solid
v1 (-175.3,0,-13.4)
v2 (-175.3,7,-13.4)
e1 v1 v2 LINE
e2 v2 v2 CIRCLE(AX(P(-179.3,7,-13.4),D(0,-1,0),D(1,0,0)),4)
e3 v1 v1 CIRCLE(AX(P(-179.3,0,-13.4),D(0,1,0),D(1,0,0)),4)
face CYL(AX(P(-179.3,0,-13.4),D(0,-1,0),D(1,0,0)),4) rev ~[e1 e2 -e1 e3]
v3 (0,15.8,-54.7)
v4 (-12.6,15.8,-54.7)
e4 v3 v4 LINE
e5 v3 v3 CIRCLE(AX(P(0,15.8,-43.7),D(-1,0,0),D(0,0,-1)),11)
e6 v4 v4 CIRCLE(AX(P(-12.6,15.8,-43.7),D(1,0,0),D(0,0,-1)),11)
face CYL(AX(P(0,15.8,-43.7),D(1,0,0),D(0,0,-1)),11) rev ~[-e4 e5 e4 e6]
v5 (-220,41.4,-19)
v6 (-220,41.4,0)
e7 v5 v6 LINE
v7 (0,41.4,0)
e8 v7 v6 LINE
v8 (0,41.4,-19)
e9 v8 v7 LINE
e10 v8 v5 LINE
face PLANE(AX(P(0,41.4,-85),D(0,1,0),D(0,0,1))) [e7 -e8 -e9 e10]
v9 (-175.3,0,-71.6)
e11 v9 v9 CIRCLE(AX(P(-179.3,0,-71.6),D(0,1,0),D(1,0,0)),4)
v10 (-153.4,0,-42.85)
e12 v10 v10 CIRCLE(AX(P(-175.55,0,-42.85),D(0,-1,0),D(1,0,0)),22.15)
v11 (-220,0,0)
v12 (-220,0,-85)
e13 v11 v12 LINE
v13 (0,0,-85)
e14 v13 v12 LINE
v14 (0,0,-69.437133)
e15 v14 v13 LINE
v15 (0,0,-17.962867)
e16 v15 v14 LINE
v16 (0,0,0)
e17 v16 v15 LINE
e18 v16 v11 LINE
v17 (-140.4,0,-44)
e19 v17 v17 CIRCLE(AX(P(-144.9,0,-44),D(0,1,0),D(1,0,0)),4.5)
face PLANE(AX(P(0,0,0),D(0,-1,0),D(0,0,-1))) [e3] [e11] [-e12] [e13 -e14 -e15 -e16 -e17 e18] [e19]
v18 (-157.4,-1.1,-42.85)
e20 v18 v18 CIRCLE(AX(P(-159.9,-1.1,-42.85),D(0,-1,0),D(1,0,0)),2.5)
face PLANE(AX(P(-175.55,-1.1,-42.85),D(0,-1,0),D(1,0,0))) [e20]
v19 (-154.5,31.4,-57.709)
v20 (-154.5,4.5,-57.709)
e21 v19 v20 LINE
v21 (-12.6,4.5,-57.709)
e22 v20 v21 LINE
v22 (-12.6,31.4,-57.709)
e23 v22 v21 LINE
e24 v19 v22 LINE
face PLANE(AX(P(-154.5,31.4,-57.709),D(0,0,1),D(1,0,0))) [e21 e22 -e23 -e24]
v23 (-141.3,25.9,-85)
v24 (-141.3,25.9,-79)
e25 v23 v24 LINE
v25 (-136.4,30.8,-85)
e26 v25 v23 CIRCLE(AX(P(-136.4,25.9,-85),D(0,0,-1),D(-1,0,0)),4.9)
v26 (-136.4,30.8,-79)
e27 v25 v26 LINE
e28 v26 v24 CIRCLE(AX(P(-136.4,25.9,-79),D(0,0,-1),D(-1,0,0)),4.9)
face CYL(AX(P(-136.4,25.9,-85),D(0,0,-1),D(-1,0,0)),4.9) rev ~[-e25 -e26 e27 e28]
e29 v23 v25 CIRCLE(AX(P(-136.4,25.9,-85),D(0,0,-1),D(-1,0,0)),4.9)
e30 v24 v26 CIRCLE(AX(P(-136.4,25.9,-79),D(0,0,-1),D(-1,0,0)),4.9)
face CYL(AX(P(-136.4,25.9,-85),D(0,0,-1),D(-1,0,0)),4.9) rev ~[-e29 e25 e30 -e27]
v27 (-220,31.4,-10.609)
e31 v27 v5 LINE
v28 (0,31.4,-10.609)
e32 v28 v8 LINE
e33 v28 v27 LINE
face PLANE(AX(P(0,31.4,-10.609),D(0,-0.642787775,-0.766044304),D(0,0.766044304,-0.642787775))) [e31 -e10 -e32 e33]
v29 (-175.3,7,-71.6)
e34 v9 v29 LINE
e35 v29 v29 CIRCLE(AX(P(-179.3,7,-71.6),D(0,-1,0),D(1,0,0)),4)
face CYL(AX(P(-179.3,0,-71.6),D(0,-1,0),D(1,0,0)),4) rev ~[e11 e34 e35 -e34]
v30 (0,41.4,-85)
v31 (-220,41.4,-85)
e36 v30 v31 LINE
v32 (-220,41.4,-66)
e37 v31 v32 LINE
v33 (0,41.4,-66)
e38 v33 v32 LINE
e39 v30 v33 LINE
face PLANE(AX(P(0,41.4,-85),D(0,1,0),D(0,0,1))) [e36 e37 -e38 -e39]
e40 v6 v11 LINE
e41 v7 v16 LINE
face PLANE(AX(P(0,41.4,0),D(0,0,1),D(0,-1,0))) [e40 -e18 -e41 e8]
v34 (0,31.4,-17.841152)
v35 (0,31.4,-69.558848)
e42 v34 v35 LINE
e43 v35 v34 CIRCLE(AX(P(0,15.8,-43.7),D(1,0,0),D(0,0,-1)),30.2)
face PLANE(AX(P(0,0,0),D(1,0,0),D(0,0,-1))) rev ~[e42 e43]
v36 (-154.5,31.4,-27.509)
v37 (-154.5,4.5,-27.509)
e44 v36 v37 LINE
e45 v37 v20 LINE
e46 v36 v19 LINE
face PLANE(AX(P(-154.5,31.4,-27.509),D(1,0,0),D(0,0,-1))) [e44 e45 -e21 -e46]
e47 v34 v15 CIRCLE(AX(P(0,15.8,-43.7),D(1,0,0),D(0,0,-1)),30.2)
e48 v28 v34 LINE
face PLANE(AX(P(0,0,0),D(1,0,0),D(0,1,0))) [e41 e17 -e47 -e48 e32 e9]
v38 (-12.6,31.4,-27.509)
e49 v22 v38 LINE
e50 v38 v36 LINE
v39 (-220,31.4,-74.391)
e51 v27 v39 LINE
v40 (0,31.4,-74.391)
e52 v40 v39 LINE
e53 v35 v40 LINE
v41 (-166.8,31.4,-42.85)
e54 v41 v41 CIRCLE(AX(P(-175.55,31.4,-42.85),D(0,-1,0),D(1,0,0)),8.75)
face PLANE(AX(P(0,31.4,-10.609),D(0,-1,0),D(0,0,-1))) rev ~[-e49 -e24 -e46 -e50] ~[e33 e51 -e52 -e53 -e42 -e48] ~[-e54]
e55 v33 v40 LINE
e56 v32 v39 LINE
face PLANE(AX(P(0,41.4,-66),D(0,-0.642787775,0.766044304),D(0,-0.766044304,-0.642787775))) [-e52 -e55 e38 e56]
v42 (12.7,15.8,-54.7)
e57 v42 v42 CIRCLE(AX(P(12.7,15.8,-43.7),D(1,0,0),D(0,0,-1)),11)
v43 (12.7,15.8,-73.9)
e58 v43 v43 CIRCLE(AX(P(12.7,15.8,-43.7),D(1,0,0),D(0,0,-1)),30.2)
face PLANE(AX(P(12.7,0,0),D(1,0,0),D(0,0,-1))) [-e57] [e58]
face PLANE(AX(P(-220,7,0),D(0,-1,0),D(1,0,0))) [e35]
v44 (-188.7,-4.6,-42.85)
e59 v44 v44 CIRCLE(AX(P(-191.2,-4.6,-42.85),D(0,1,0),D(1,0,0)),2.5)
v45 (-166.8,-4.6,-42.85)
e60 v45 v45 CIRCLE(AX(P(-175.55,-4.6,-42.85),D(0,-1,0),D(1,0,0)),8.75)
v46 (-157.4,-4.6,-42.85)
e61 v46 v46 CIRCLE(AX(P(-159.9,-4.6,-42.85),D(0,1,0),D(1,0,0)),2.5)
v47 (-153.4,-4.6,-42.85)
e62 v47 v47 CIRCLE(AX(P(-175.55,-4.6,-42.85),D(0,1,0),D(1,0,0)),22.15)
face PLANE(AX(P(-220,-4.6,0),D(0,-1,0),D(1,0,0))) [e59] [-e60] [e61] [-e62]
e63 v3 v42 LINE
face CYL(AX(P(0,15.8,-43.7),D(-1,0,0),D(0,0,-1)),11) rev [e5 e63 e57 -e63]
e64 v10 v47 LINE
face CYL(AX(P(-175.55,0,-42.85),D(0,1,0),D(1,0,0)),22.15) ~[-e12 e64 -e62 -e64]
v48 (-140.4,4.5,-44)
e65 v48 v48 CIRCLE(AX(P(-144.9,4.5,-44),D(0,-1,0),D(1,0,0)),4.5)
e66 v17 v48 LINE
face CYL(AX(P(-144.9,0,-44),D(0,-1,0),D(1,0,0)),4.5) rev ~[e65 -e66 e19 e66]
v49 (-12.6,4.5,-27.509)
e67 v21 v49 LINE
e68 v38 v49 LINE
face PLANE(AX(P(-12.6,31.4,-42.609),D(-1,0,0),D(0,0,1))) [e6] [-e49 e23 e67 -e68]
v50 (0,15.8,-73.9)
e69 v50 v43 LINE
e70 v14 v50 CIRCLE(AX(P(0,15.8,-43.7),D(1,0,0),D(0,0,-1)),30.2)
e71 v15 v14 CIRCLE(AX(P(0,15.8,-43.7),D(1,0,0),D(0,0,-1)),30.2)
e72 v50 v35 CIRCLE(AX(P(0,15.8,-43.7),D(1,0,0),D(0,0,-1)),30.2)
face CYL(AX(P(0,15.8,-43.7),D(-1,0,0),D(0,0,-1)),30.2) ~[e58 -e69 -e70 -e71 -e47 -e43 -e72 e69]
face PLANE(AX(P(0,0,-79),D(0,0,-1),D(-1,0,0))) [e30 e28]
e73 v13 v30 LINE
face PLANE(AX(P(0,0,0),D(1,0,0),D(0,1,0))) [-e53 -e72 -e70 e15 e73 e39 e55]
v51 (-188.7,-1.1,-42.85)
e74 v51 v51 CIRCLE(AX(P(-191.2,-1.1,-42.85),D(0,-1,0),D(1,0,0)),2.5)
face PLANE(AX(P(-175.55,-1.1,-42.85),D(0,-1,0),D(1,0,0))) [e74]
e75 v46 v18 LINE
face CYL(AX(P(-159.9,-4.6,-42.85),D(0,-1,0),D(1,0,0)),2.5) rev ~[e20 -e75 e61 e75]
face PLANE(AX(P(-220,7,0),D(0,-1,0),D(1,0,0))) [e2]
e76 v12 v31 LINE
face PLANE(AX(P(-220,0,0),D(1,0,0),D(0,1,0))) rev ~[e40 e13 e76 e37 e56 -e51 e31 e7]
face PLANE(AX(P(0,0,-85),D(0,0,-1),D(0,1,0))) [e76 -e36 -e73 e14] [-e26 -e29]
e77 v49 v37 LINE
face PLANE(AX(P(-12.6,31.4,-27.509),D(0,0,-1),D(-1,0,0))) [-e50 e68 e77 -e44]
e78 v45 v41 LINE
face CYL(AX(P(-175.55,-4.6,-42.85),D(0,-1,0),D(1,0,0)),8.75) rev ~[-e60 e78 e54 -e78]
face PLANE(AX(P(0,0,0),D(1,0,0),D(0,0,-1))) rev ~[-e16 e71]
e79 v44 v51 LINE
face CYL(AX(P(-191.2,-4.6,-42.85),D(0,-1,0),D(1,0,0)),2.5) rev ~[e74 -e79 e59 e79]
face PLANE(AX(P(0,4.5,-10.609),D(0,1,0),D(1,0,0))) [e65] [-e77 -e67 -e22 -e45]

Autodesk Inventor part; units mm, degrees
ref_plane "YZ Plane" through (0, 0, 0) normal (1, 0, 0) x (0, 1, 0)
ref_plane "XZ Plane" through (0, 0, 0) normal (0, 1, 0) x (-1, 0, 0)
ref_plane "XY Plane" through (0, 0, 0) normal (0, 0, 1) x (1, 0, 0)
sketch "Sketch1" plane through (0, 0, 0) normal (1, 0, 0) x (0, 1, 0)
  line L0 (0, 0) -> (0, -85)
  line L1 (0, -85) -> (41.4, -85)
  line L2 (41.4, -85) -> (41.4, 0)
  line L3 (41.4, 0) -> (0, 0)
  dimension "d0" = 85
  dimension "d1" = 41.4
extrude "Extrusion1" add sketch "Sketch1" against normal blind 220
sketch "Sketch2" plane through (0, 0, 0) normal (1, 0, 0) x (0, 0, -1)
  line L0 (0, 41.4) -> (19, 41.4)
  line L1 (10.609, 31.4) -> (19, 41.4)
  line L2 (10.609, 31.4) -> (74.391, 31.4)
  line L3 (85, 41.4) -> (66, 41.4)
  line L4 (66, 41.4) -> (74.391, 31.4)
  line L5 (19, 41.4) -> (66, 41.4)
  line L6 (0, 41.4) -> (85, 41.4) projected
  line L7 (42.5, 41.4) -> (42.5, 31.4) construction
  dimension "d4" = 19
  dimension "d8" = 19
  dimension "d61" = 50
  dimension "d63" = 50
  dimension "d64" = 10
extrude "Extrusion2" cut sketch "Sketch2" against normal blind 301.25
sketch "Sketch3" plane through (0, 31.4, -10.609) normal (0, 1, 0) x (1, 0, 0)
  line L0 (0, -10.609) -> (0, 74.391) projected
  line L1 (-12.6, 32) -> (-12.6, 47.1)
  line L2 (-12.6, 32) -> (-12.6, 16.9)
  line L3 (-12.6, 16.9) -> (-154.5, 16.9)
  line L4 (-154.5, 16.9) -> (-154.5, 47.1)
  line L5 (-154.5, 47.1) -> (-12.6, 47.1)
  dimension "d12" = 15.1
  dimension "d13" = 15.1
  dimension "d14" = 141.9
extrude "Extrusion3" cut sketch "Sketch3" against normal blind 26.9
sketch "Sketch5" plane through (0, 0, 0) normal (1, 0, 0) x (0, 0, -1)
  line L0 (0, 41.4) -> (0, 0) projected
  line L1 (0, 0) -> (28.6, 0)
  line L2 (85, 0) -> (0, 0) projected
  line L3 (28.6, 0) -> (58.8, 0)
  line L4 (85, 41.4) -> (85, 0) projected
  line L5 (58.8, 0) -> (85, 0)
  line L6 (28.6, 0) -> (43.7, 0)
  line L7 (43.7, 0) -> (43.7, 31.4)
  line L8 (27.509, 31.4) -> (57.709, 31.4) projected
  line L9 (43.7, 31.4) -> (43.7, 26.8)
  line L10 (43.7, 26.8) -> (43.7, 14.6)
  line L11 (43.7, 26.8) -> (43.7, 15.8)
  circle A0 centre (43.7, 15.8) radius 11
  dimension "d17" = 28.6
  dimension "d18" = 30.2
  dimension "d19" = 4.6
  dimension "d21" = 11
extrude "Extrusion4" cut sketch "Sketch5" against normal blind 91.9
sketch "Sketch7" plane through (0, 0, 0) normal (1, 0, 0) x (0, 0, -1)
  circle A0 centre (43.7, 15.8) radius 11 projected
  circle A1 centre (43.7, 15.8) radius 30.2
  point P0 (0, 0)
  dimension "d24" = 60.4
extrude "Extrusion5" add sketch "Sketch7" along normal blind 12.7
sketch "Sketch8" plane through (0, 0, -85) normal (0, 0, -1) x (-1, 0, 0)
  line L0 (220, 31.4) -> (220, 41.4) projected
  line L1 (220, 41.4) -> (220, 30.8)
  line L2 (220, 41.4) -> (220, 0) projected
  line L3 (220, 30.8) -> (136.4, 30.8)
  line L4 (154.5, 31.4) -> (12.6, 31.4) projected
  line L5 (136.4, 30.8) -> (136.4, 25.9)
  line L6 (0, 0) -> (220, 0) projected
  circle A0 centre (136.4, 25.9) radius 4.9
  dimension "d27" = 10.6
  dimension "d28" = 83.6
  dimension "d29" = 90
  dimension "d30" = 4.9
extrude "Extrusion6" cut sketch "Sketch8" against normal blind 6
sketch "Sketch9" plane through (-220, 0, 0) normal (0, -1, 0) x (1, 0, 0)
  line L0 (0, -85) -> (0, 0) projected
  line L1 (0, -85) -> (0, -63)
  line L2 (0, -63) -> (22.3, -63)
  line L3 (0, 0) -> (0, -22.7)
  line L4 (0, -22.7) -> (22.3, -22.7)
  line L5 (22.3, -22.7) -> (22.3, -63)
  line L6 (22.3, -42.85) -> (44.45, -42.85)
  line L7 (65.5, -27.509) -> (65.5, -57.709) projected
  line L8 (22.3, -42.85) -> (44.45, -42.85) construction
  circle A0 centre (44.45, -42.85) radius 22.15
  point P0 (220, 0)
  dimension "d33" = 22
  dimension "d34" = 22.3
  dimension "d35" = 22.7
  dimension "d36" = 22.15
  dimension "d37" = 0
extrude "Extrusion7" add sketch "Sketch9" along normal blind 4.6 contours A0 L7 | A0 L7
sketch "Sketch10" plane through (-175.55, -4.6, -42.85) normal (0, -1, 0) x (1, 0, 0)
  circle A0 centre (0, 0) radius 8.75
  point P0 (175.55, 42.85)
  dimension "d40" = 17.5
extrude "Extrusion8" cut sketch "Sketch10" against normal blind 310.85
sketch "Sketch11" plane through (-175.55, -4.6, -42.85) normal (0, -1, 0) x (1, 0, 0)
  circle A0 centre (0, 0) radius 8.75 projected
  line L0 (-8.75, 0) -> (-13.15, 0)
  line L1 (-13.15, 0) -> (-18.15, 0)
  circle A1 centre (-15.65, 0) radius 2.5
  line L2 (8.75, 0) -> (13.15, 0)
  line L3 (13.15, 0) -> (15.65, 0)
  circle A2 centre (15.65, 0) radius 2.5
  point P0 (175.55, 42.85)
  dimension "d43" = 4.4
  dimension "d44" = 5
  dimension "d45" = 4.4
  dimension "d46" = 2.5
extrude "Extrusion9" cut sketch "Sketch11" against normal blind 3.5 contours A1 L1 | L1 A1 | A2
sketch "Sketch12" plane through (-220, 0, 0) normal (0, -1, 0) x (1, 0, 0)
  line L0 (0, 0) -> (40.7, 0)
  line L1 (220, 0) -> (0, 0) projected
  line L2 (40.7, 0) -> (40.7, -9.4)
  line L3 (40.7, -9.4) -> (40.7, -13.4)
  circle A0 centre (40.7, -13.4) radius 4
  line L4 (220, -85) -> (0, -85) projected
  line L5 (0, -85) -> (40.7, -85)
  line L6 (40.7, -85) -> (40.7, -75.6)
  line L7 (40.7, -75.6) -> (40.7, -71.6)
  circle A1 centre (40.7, -71.6) radius 4
  line L8 (0, 0) -> (70.6, 0)
  line L9 (70.6, 0) -> (70.6, -39.5)
  line L10 (70.6, -39.5) -> (70.6, -44)
  line L11 (70.6, -39.5) -> (75.1, -39.5)
  line L12 (75.1, -39.5) -> (75.1, -44)
  circle A2 centre (75.1, -44) radius 4.5
  dimension "d49" = 40.7
  dimension "d50" = 9.4
  dimension "d51" = 4
  dimension "d52" = 40.7
  dimension "d53" = 9.4
  dimension "d54" = 4
  dimension "d55" = 70.6
  dimension "d56" = 39.5
  dimension "d57" = 4.5
  dimension "d58" = 4.5
extrude "Extrusion10" cut sketch "Sketch12" against normal blind 7 contours A0 | A2 | A1
properties part number "Bottom Tool Bit" material "Steel, Cast"
